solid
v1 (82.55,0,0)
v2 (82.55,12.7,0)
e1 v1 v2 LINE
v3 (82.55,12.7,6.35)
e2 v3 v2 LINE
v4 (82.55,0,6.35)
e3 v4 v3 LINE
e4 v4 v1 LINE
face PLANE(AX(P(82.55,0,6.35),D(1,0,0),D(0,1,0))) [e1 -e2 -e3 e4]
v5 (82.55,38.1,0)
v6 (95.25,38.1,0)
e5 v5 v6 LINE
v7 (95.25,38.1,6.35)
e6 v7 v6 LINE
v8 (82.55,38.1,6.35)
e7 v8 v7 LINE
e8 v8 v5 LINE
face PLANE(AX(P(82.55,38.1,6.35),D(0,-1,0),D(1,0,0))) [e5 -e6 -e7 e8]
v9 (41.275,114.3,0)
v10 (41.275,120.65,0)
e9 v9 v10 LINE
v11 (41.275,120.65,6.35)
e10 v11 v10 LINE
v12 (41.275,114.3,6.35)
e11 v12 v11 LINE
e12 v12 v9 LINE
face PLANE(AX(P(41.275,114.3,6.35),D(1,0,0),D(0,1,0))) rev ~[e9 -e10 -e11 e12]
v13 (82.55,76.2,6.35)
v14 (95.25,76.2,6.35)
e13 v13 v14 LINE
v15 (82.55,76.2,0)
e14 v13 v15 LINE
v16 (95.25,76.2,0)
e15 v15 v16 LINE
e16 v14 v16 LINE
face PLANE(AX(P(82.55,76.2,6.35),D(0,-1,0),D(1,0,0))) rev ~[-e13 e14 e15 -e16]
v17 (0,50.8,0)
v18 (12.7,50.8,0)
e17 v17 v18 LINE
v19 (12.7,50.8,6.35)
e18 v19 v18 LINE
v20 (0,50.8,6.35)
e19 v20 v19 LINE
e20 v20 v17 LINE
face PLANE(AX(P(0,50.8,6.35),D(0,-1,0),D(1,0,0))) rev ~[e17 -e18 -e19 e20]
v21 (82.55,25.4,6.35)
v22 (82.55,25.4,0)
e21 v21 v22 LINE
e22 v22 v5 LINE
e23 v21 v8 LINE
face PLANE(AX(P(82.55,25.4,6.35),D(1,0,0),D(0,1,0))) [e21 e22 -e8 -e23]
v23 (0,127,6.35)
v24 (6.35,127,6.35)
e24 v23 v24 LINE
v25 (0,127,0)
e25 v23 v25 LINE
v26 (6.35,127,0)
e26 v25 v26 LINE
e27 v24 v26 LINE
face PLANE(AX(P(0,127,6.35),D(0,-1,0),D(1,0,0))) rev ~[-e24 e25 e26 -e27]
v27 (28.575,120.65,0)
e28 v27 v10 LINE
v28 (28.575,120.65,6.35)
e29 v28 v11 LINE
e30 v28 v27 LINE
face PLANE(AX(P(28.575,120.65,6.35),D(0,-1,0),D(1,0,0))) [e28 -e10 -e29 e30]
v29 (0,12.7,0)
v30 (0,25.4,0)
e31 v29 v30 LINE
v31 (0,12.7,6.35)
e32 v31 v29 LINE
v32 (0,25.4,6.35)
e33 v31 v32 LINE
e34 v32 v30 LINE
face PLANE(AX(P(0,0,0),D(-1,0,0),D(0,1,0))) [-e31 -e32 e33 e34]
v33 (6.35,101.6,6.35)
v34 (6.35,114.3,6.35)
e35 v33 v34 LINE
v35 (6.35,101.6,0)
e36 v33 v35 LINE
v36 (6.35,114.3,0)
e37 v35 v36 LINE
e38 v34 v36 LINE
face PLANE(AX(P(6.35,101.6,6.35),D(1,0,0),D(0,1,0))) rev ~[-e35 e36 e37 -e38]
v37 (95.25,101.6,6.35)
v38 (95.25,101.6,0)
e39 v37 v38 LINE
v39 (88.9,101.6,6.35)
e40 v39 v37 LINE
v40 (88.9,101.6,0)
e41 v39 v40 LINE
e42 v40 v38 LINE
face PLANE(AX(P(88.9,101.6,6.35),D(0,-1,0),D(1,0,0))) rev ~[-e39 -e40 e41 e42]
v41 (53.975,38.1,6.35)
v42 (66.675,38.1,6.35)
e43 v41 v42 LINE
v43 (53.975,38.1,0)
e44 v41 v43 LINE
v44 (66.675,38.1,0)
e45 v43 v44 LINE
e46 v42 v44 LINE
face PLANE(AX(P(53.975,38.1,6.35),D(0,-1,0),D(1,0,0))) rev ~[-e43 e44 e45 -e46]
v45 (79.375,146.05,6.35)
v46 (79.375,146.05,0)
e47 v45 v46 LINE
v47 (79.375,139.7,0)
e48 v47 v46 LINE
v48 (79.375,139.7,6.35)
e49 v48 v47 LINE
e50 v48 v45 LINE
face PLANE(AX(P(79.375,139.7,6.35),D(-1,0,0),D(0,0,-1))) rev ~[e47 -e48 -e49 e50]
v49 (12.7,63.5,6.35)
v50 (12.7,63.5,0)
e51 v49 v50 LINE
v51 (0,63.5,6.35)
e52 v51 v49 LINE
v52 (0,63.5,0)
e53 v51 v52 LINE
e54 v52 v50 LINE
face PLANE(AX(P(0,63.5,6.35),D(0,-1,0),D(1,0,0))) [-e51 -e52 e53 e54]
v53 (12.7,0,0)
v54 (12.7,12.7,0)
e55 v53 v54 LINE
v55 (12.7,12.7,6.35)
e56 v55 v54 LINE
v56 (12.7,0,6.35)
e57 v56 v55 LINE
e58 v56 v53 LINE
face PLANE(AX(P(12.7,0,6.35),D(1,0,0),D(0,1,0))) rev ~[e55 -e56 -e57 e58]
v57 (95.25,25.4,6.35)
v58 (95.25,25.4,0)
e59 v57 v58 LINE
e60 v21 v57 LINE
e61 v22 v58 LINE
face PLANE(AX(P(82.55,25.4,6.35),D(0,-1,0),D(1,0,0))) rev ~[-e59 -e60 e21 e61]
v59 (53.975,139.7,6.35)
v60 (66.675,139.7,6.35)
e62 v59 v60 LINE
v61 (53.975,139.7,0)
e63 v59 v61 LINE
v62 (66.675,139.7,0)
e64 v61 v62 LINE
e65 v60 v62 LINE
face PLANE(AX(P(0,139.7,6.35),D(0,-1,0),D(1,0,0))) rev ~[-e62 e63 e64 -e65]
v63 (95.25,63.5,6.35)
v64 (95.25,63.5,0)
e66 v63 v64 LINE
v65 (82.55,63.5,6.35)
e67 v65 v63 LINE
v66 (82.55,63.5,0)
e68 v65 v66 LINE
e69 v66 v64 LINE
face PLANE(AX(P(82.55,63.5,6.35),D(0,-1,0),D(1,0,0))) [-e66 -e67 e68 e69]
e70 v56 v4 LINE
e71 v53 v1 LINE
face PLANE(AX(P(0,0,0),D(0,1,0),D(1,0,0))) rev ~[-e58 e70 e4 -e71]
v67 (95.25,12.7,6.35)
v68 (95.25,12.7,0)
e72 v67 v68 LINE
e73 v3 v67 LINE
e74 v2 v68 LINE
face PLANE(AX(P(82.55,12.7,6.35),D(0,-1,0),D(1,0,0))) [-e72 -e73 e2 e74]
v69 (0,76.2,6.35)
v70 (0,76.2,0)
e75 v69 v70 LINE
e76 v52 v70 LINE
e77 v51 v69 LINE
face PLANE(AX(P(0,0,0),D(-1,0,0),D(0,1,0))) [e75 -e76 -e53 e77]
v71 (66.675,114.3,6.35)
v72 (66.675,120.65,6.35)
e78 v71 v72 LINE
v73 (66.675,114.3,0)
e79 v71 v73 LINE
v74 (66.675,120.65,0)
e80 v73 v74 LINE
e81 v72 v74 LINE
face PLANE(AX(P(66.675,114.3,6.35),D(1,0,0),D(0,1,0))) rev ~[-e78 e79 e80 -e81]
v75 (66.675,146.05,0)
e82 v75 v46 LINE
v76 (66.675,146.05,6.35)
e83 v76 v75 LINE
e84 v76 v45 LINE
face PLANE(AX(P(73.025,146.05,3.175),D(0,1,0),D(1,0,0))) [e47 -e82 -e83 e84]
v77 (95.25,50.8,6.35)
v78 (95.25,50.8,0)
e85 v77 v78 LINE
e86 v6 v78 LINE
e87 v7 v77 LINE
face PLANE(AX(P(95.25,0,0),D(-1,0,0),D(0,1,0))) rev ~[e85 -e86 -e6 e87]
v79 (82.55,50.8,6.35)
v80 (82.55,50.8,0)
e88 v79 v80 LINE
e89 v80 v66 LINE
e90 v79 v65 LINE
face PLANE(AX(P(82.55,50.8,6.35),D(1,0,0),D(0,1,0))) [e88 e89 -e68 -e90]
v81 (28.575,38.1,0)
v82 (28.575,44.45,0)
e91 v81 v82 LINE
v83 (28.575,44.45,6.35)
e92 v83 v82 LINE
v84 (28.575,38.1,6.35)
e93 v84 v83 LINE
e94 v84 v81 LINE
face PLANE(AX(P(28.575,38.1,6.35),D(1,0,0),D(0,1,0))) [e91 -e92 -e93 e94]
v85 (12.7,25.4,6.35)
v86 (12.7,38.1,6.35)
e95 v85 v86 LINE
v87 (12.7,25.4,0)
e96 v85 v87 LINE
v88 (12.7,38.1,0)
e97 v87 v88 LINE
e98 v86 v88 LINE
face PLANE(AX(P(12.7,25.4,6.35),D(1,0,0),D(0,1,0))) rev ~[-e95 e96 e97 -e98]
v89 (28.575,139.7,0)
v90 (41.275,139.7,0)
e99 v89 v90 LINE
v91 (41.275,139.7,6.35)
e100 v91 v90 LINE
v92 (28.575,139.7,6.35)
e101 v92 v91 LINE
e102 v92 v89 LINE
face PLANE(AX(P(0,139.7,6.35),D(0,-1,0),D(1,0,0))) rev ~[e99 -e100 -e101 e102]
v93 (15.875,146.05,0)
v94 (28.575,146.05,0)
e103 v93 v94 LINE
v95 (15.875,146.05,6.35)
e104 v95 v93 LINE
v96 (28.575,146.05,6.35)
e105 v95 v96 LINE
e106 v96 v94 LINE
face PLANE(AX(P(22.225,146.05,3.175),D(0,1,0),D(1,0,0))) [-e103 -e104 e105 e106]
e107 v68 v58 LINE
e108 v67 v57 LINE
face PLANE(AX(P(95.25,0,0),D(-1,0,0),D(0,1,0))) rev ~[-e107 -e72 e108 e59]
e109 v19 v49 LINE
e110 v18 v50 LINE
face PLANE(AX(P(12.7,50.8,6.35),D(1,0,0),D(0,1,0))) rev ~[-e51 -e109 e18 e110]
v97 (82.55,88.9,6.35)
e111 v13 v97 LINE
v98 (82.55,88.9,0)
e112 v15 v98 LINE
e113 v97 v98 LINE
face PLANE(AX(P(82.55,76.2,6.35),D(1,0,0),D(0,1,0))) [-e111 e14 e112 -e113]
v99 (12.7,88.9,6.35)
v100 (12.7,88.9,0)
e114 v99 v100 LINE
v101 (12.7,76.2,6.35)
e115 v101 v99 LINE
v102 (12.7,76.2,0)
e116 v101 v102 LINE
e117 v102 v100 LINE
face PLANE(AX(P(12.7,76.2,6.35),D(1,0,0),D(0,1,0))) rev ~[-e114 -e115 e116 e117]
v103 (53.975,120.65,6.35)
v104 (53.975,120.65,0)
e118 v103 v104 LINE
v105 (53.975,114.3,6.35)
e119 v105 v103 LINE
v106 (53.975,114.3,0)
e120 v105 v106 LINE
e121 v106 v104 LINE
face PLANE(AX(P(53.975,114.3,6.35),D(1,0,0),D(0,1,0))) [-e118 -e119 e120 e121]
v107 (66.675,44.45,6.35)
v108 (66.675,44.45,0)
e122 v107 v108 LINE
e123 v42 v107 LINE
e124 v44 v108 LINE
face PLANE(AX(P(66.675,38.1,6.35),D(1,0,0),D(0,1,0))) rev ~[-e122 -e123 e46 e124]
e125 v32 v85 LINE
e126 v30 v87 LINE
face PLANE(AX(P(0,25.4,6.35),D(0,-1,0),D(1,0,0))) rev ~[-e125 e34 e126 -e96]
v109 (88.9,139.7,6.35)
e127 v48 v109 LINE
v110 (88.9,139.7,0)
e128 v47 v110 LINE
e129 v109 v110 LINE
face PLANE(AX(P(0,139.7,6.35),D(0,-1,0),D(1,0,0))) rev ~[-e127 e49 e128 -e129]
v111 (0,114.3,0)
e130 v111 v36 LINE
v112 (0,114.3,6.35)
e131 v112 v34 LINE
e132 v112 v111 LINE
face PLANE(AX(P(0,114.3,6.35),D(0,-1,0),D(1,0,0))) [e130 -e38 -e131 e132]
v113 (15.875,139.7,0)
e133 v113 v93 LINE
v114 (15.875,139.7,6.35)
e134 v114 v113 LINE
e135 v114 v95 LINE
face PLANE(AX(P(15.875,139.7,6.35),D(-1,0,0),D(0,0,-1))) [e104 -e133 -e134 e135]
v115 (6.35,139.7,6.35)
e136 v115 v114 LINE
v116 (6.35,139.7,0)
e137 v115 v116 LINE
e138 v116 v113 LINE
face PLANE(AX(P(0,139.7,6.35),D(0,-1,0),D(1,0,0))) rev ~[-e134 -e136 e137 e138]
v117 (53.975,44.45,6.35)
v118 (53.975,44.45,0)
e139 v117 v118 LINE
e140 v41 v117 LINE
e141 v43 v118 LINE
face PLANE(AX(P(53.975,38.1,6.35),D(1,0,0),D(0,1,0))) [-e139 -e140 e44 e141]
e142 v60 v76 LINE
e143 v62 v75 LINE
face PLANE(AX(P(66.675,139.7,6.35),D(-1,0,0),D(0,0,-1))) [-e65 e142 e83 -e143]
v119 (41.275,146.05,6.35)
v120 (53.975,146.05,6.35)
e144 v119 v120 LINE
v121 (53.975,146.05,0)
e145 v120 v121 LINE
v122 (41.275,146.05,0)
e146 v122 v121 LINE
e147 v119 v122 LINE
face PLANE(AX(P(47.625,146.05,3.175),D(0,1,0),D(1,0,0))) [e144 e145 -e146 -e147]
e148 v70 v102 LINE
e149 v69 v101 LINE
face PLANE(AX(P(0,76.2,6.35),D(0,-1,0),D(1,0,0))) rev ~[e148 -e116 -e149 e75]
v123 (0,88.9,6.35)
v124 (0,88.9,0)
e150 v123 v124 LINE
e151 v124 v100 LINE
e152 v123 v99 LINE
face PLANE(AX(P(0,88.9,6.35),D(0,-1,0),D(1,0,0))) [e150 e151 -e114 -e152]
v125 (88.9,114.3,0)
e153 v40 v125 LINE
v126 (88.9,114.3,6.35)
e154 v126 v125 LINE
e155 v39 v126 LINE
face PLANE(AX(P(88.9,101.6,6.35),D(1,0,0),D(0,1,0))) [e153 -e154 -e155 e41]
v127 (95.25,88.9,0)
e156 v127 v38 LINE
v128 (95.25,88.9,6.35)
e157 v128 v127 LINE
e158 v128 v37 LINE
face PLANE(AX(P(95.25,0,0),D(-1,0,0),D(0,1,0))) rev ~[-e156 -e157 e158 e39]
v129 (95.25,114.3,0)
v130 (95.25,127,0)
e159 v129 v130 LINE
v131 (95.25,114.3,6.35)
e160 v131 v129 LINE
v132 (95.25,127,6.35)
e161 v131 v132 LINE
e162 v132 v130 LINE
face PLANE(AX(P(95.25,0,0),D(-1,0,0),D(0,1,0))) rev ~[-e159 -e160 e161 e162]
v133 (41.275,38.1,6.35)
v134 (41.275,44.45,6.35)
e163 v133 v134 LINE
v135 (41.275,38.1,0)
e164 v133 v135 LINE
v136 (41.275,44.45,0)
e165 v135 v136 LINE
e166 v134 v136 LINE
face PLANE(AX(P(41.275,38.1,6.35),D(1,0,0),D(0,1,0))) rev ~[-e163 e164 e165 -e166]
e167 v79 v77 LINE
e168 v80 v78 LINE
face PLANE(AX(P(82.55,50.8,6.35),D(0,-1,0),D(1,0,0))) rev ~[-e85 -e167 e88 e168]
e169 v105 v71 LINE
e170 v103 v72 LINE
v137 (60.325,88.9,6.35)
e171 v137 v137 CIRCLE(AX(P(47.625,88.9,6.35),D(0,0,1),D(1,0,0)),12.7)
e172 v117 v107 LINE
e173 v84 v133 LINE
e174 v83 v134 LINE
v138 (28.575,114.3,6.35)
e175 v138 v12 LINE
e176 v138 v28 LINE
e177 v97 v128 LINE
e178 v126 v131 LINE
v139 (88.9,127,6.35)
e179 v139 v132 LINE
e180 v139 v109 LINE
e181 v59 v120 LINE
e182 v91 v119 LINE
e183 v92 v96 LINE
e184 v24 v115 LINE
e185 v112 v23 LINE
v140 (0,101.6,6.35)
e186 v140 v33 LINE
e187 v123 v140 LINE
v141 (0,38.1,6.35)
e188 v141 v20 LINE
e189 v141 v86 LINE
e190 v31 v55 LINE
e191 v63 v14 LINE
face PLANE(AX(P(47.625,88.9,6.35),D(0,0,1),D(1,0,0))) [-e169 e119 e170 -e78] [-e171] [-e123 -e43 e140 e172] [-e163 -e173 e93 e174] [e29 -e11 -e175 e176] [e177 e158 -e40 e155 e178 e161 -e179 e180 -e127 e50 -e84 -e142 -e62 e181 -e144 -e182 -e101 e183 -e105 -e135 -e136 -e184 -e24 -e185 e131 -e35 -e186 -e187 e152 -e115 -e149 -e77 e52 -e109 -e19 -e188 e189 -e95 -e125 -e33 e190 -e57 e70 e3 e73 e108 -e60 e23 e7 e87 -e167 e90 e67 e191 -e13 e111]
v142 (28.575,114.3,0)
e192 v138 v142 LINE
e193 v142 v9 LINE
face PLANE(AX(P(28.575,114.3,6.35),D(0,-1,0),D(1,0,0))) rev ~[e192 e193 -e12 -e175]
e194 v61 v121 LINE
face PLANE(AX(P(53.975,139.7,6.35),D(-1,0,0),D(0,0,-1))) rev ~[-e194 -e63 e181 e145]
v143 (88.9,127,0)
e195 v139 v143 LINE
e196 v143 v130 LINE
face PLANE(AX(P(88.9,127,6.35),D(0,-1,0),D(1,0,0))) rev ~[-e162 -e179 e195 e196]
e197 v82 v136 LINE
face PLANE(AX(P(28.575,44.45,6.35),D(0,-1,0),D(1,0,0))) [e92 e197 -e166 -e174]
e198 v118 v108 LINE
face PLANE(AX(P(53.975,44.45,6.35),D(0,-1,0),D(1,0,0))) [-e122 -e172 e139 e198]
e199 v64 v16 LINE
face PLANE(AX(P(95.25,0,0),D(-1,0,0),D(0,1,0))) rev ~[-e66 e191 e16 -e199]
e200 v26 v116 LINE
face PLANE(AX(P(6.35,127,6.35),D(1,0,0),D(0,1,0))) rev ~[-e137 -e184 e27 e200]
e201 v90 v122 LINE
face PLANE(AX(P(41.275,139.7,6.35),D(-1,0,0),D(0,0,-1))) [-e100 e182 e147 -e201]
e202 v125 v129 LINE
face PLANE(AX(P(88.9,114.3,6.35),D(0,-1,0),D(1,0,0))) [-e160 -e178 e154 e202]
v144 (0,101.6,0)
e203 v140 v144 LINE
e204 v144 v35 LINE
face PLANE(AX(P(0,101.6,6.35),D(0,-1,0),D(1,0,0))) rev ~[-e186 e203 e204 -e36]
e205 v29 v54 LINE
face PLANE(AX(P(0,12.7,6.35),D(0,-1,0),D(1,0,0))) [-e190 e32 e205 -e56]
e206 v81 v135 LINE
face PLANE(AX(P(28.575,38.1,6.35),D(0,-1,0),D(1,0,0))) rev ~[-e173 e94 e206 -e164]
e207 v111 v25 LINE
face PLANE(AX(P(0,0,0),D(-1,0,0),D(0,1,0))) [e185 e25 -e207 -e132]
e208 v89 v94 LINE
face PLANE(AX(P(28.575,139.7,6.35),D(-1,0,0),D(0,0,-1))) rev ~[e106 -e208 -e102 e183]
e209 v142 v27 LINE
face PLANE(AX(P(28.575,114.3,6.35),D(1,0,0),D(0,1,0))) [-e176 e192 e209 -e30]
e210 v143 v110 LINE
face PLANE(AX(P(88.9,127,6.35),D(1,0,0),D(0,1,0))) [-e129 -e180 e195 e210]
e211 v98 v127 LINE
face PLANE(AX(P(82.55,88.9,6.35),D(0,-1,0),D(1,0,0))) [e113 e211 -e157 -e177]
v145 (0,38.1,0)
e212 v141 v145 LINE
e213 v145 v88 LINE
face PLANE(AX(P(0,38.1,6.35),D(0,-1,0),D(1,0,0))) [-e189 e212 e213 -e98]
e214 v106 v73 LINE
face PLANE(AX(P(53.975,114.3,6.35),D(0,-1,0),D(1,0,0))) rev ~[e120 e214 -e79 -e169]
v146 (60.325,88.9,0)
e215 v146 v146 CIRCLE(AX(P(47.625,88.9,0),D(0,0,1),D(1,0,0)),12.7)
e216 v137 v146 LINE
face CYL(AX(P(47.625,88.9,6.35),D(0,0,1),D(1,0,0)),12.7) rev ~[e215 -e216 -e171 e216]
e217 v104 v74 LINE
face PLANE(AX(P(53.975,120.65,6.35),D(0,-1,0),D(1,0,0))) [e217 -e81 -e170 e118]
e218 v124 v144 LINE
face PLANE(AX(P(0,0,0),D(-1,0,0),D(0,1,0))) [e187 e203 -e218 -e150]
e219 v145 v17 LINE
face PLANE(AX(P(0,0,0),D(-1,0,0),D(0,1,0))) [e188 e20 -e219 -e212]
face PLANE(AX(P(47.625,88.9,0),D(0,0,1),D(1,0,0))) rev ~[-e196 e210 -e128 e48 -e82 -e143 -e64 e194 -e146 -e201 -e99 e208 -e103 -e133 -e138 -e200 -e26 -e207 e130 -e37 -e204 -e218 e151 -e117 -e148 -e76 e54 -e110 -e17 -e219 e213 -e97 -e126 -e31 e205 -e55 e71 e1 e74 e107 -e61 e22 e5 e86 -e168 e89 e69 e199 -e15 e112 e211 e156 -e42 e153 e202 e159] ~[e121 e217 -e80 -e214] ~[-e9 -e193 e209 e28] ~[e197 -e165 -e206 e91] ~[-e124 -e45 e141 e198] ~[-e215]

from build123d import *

# Parameters (mm, degrees)
SKETCH1_W           = 95.25
SKETCH1_H           = 177.8
BOSS_EXTRUDE1_DEPTH = 6.35
SKETCH2_W           = 12.7
SKETCH2_H           = 12.7
CUT_EXTRUDE1_DEPTH  = 7.35
LPATTERN1_COUNT     = 4
LPATTERN1_PITCH     = 25.4
SKETCH3_W           = 12.7
SKETCH3_H           = 6.35
CUT_EXTRUDE2_DEPTH  = 7.35
SKETCH5_W           = 6.35
SKETCH5_H           = 12.7
CUT_EXTRUDE4_DEPTH  = 7.35
LPATTERN2_COUNT     = 4
LPATTERN2_PITCH     = 25.4
SKETCH6_W           = 95.25
SKETCH6_H           = 38.1
CUT_EXTRUDE5_DEPTH  = 7.35
SKETCH7_W           = 12.7
SKETCH7_H           = 6.35
BOSS_EXTRUDE2_DEPTH = 6.35
LPATTERN3_COUNT     = 2
LPATTERN3_PITCH     = 25.4
LPATTERN3_COL_COUNT = 2
LPATTERN3_COL_PITCH = 25.4
LPATTERN4_COUNT     = 2
LPATTERN4_PITCH     = 76.2
SKETCH8_R           = 12.7
CUT_EXTRUDE6_DEPTH  = 7.35


with BuildPart() as part:
    # Sketch1 → Boss-Extrude1 (new body)
    with BuildSketch(Plane.XY):
        with Locations((47.625, 88.9)):
            Rectangle(SKETCH1_W, SKETCH1_H)
    extrude(amount=BOSS_EXTRUDE1_DEPTH)

    # Sketch2 → Cut-Extrude1 (cut, through all)
    with BuildSketch(Plane.XY.offset(6.35)):
        with Locations((6.35, 6.35)):
            Rectangle(SKETCH2_W, SKETCH2_H)
        with Locations((88.9, 6.35)):
            Rectangle(SKETCH2_W, SKETCH2_H)
    cut_extrude1 = extrude(amount=-CUT_EXTRUDE1_DEPTH, mode=Mode.SUBTRACT)

    # LPattern1: Cut-Extrude1 ×4
    with Locations(*[(0, i * LPATTERN1_PITCH, 0) for i in range(1, LPATTERN1_COUNT)]):
        add(cut_extrude1, mode=Mode.SUBTRACT)

    # Sketch3 → Cut-Extrude2 (cut, through all)
    with BuildSketch(Plane.XY.offset(6.35)):
        with Locations((34.925, 41.275)):
            Rectangle(SKETCH3_W, SKETCH3_H)
        with Locations((60.325, 41.275)):
            Rectangle(SKETCH3_W, SKETCH3_H)
    cut_extrude2 = extrude(amount=-CUT_EXTRUDE2_DEPTH, mode=Mode.SUBTRACT)

    # Sketch5 → Cut-Extrude4 (cut, through all)
    with BuildSketch(Plane.XY.offset(6.35)):
        with Locations((3.175, 107.95)):
            Rectangle(SKETCH5_W, SKETCH5_H)
        with Locations((92.075, 107.95)):
            Rectangle(SKETCH5_W, SKETCH5_H)
    cut_extrude4 = extrude(amount=-CUT_EXTRUDE4_DEPTH, mode=Mode.SUBTRACT)

    # LPattern2: Cut-Extrude4 ×4
    with Locations(*[(0, i * LPATTERN2_PITCH, 0) for i in range(1, LPATTERN2_COUNT)]):
        add(cut_extrude4, mode=Mode.SUBTRACT)

    # Sketch6 → Cut-Extrude5 (cut, through all)
    with BuildSketch(Plane.XY.offset(6.35)):
        with Locations((47.625, 158.75)):
            Rectangle(SKETCH6_W, SKETCH6_H)
    extrude(amount=-CUT_EXTRUDE5_DEPTH, mode=Mode.SUBTRACT)

    # Sketch7 → Boss-Extrude2 (add)
    with BuildSketch(Plane(origin=(0, 139.7, 0), x_dir=(1, 0, 0), z_dir=(0, 1, 0))):
        with Locations((47.625, -3.175)):
            Rectangle(SKETCH7_W, SKETCH7_H)
    boss_extrude2 = extrude(amount=BOSS_EXTRUDE2_DEPTH)

    # LPattern3: Boss-Extrude2 ×2
    with Locations(*[(i * LPATTERN3_PITCH, 0, 0) for i in range(1, LPATTERN3_COUNT)]):
        add(boss_extrude2)

    # LPattern3 col: Boss-Extrude2 ×2
    with Locations(*[(-i * LPATTERN3_COL_PITCH, 0, 0) for i in range(1, LPATTERN3_COL_COUNT)]):
        add(boss_extrude2)

    # LPattern4: Cut-Extrude2 ×2
    with Locations(*[(0, i * LPATTERN4_PITCH, 0) for i in range(1, LPATTERN4_COUNT)]):
        add(cut_extrude2, mode=Mode.SUBTRACT)

    # Sketch8 → Cut-Extrude6 (cut, through all)
    with BuildSketch(Plane.XY.offset(6.35)):
        with Locations((47.625, 88.9)):
            Circle(SKETCH8_R)
    extrude(amount=-CUT_EXTRUDE6_DEPTH, mode=Mode.SUBTRACT)


solid = part.part
